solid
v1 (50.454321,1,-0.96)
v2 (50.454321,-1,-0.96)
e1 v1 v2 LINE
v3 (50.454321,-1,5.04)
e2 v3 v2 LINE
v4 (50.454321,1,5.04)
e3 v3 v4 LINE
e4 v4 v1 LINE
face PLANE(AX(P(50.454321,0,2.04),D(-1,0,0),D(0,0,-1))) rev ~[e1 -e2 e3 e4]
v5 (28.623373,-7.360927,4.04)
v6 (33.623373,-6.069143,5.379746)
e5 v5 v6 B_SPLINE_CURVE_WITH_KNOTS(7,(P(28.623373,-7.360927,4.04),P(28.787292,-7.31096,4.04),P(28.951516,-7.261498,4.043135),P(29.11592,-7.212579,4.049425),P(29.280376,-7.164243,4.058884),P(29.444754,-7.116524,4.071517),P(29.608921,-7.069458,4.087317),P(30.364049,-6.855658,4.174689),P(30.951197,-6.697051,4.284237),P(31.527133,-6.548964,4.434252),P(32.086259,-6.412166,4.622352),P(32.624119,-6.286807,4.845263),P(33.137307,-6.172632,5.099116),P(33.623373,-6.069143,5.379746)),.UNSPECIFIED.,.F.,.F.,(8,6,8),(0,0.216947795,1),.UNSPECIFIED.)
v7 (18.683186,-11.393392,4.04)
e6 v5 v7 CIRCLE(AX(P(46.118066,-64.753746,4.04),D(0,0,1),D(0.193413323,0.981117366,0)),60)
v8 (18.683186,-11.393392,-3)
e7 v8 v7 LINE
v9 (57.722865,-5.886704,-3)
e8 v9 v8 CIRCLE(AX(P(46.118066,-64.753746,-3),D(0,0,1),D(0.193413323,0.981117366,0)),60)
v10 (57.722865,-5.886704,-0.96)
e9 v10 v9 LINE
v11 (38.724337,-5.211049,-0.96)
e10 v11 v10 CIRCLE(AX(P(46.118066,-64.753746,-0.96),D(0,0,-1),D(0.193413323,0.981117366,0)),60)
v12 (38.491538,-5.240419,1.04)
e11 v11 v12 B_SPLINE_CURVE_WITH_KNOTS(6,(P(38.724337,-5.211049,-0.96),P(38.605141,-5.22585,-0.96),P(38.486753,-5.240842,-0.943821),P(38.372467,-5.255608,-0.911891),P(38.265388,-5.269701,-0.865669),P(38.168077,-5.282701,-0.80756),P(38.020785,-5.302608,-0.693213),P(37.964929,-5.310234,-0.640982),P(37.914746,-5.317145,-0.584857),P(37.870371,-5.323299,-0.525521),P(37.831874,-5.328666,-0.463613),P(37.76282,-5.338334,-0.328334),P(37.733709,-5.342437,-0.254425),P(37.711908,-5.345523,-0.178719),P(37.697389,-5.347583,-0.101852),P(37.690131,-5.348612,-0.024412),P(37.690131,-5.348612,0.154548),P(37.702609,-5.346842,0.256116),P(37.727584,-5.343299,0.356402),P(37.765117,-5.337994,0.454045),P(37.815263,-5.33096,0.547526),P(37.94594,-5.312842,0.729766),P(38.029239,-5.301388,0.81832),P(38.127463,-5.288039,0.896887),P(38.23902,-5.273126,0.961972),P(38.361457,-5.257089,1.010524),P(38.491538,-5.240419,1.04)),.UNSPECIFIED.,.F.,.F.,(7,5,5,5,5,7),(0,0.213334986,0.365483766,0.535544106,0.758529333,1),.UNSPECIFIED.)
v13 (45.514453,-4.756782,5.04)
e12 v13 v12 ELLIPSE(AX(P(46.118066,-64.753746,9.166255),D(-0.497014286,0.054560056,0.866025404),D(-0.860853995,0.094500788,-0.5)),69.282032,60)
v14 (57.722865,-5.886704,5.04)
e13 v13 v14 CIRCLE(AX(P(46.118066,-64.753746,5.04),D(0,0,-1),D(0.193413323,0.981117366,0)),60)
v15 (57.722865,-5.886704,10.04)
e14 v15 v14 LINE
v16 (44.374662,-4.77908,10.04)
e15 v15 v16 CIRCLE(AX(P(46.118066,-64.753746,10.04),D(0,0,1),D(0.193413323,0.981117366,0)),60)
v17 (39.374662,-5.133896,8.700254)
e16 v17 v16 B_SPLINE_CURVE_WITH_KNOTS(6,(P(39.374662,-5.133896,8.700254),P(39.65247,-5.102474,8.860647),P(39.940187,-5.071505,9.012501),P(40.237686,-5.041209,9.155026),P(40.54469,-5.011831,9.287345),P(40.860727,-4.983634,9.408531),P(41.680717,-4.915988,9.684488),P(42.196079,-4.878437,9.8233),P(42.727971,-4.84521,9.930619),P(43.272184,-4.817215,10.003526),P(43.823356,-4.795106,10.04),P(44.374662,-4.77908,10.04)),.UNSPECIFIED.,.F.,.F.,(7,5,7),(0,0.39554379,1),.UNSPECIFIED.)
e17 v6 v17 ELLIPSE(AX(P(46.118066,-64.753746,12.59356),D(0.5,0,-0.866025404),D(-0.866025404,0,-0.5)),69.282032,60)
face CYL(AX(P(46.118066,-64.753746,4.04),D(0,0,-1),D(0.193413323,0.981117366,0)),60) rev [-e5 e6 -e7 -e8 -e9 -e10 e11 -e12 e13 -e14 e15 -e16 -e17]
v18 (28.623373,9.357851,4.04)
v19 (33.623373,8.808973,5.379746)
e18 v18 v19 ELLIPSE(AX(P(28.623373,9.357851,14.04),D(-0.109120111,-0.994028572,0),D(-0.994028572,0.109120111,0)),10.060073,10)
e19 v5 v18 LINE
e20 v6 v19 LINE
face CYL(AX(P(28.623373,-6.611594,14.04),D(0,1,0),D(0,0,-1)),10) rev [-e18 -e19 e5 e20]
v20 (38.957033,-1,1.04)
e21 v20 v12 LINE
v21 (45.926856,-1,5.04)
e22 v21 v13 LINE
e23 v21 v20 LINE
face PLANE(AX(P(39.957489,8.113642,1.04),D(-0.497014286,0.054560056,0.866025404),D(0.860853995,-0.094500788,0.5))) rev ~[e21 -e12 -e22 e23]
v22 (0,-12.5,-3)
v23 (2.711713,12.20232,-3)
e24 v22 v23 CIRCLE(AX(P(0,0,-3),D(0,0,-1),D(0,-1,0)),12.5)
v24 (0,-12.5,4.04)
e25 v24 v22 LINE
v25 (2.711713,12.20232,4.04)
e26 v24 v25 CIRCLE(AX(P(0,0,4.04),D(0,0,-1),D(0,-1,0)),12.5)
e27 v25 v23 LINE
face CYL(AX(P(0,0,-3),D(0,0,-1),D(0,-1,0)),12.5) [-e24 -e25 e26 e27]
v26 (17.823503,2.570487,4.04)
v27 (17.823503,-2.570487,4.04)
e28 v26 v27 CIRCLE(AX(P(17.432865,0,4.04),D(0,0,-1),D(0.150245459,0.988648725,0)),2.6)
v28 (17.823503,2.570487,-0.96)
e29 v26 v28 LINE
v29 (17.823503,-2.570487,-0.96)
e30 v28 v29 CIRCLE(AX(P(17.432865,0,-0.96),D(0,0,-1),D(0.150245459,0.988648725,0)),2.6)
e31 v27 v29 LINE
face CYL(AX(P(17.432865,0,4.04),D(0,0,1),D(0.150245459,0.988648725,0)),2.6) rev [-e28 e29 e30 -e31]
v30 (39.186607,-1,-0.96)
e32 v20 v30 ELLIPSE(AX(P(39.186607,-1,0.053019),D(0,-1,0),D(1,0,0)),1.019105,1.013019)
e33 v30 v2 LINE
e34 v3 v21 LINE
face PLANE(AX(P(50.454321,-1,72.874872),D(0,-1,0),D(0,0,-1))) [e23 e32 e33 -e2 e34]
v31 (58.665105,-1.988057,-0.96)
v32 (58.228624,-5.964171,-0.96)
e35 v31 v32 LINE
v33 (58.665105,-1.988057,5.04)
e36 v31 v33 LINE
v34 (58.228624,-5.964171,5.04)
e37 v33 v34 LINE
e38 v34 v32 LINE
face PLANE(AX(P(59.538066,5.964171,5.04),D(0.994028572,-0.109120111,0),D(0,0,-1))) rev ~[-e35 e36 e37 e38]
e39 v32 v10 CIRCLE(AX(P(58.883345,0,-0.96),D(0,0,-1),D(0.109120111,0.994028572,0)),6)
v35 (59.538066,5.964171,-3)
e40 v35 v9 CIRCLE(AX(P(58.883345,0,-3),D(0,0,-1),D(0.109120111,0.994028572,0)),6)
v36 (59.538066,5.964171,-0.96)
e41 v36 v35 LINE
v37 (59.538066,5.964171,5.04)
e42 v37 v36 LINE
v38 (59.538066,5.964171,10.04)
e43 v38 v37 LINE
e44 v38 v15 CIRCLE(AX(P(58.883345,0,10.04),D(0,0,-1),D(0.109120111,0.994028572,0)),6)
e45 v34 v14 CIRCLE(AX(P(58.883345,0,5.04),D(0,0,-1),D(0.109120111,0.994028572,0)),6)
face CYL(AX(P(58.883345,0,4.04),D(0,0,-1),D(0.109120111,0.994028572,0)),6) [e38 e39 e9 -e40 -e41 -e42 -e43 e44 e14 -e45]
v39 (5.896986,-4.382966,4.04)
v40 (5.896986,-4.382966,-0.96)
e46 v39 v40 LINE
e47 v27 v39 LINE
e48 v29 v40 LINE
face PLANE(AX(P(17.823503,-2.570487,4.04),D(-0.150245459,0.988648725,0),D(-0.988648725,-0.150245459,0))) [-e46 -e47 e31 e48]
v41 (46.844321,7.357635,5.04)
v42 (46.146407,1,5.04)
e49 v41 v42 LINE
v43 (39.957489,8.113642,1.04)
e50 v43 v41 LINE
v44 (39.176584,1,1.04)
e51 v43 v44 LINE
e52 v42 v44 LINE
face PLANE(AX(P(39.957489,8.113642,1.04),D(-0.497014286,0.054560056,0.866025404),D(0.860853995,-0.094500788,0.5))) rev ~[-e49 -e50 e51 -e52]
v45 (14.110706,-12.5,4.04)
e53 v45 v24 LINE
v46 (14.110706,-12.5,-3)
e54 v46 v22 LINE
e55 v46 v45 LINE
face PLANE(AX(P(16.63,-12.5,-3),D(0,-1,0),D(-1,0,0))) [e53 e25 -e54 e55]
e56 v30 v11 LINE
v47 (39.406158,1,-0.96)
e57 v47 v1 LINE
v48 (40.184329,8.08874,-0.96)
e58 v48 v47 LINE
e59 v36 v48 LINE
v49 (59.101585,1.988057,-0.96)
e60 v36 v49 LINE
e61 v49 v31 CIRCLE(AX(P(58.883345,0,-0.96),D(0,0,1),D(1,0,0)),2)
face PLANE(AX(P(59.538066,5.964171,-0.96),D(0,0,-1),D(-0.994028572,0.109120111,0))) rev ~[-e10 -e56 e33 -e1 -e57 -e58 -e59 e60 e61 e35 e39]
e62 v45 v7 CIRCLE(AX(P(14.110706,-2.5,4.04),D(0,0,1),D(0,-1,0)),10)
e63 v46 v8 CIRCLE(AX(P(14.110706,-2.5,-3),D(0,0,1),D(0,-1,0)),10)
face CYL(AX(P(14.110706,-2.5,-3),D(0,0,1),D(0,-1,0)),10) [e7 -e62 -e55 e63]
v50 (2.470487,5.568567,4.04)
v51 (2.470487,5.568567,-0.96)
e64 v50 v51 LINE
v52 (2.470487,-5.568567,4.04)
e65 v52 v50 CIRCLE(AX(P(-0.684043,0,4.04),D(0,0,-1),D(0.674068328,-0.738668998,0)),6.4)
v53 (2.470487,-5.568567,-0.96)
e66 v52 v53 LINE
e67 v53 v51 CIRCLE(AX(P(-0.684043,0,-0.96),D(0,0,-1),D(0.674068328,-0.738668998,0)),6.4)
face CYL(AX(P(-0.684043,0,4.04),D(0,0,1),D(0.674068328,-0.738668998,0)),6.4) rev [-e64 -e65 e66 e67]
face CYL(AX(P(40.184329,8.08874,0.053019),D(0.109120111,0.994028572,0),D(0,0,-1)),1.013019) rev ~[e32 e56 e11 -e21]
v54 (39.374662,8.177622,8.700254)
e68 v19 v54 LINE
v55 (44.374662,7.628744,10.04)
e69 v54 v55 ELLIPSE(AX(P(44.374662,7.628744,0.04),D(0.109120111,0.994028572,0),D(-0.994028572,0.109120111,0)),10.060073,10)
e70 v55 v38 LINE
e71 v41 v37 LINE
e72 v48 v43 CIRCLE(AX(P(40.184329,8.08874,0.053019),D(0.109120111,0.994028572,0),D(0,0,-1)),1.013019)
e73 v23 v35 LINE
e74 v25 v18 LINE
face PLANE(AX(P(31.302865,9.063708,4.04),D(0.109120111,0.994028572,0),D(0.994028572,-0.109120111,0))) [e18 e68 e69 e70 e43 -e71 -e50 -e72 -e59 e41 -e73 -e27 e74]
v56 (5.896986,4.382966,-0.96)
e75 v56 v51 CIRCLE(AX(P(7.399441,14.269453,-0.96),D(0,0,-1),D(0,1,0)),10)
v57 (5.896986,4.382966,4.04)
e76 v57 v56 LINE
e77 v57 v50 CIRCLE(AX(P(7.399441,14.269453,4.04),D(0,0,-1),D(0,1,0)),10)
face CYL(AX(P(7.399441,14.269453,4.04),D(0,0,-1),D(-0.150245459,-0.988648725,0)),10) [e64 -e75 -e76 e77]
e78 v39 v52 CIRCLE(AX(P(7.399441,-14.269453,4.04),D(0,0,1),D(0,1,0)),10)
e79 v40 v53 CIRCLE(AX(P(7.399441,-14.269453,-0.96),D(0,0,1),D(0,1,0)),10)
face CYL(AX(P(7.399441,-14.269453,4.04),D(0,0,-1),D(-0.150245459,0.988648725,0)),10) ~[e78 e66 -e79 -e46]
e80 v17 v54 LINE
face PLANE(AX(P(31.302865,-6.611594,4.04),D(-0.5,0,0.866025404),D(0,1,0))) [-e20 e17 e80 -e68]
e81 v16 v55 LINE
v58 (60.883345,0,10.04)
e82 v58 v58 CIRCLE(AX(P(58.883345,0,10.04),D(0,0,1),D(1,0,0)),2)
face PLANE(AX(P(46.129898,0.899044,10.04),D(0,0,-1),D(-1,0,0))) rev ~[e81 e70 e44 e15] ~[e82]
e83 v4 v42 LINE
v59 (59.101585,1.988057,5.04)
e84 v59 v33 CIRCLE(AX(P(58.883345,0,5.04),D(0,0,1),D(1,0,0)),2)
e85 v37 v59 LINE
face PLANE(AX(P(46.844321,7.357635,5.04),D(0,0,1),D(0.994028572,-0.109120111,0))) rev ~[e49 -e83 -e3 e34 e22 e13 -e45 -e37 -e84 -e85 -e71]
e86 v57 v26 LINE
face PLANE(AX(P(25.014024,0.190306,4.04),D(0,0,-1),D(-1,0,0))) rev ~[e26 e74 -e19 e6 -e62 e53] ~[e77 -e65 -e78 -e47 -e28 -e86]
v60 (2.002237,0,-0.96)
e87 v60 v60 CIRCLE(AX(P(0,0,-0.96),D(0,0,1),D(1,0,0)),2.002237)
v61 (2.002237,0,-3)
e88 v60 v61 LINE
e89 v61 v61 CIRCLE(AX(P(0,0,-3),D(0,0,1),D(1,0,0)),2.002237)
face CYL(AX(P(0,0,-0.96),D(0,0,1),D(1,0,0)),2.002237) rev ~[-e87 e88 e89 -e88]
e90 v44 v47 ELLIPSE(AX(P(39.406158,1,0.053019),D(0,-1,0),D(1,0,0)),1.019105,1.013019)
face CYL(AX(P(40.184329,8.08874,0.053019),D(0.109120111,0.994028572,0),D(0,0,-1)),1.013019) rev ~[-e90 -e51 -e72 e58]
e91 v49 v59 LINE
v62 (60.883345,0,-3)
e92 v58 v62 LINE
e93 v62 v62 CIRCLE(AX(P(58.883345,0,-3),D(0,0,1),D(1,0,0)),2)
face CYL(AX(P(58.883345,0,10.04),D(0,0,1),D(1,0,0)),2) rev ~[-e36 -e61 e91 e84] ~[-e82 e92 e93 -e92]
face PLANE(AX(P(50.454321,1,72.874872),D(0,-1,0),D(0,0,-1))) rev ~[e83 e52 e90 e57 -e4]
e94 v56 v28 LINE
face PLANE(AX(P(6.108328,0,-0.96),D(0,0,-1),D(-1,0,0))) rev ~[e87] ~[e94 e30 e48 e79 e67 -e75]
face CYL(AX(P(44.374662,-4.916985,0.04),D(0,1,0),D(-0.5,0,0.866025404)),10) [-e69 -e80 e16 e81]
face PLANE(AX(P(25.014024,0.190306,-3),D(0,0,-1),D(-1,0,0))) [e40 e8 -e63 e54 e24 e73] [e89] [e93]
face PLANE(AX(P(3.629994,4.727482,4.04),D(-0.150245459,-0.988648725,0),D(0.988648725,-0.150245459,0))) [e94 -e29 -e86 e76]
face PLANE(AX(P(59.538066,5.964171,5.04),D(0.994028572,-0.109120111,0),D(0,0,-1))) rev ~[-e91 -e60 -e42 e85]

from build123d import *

# Parameters (mm, degrees)
EXTRUDE_1_DEPTH     = 4.04
EXTRUDE_START       = 3
EXTRUDE_2_DEPTH     = 3
EXTRUDE_3_DEPTH     = 6
CUT_EXTRUDE_1_DEPTH = 69.95015268178993
CUT_EXTRUDE_2_DEPTH = 5
DRAFT_1_ANGLE       = 60.000000000000234
CUT_EXTRUDE_3_REACH = 69.351
SKETCH_6_R          = 2.000000000000003
SKETCH_7_R          = 2.002237129098131
CUT_EXTRUDE_4_DEPTH = 5
RIB_1_REACH         = 68.835
SKETCH_8_WALL_W     = 141.6697430182401
SKETCH_8_WALL_H     = 2
FILLET_1_R          = 10
FILLET_2_R          = 10


with BuildPart() as part:
    # 草图1 → 凸台-拉伸1 (new body)
    with BuildSketch(Plane.XY):
        with BuildLine():
            Line((2.711712708194342, 12.202320033019019), (59.53806556534447, 5.964171430093859))
            ThreePointArc((59.53806556534447, 5.964171430093859), (64.81417632321985, -0.9084264437888516), (57.72286495852592, -5.886704197633859))
            ThreePointArc((57.72286495852592, -5.886704197633859), (36.58461274967972, -5.515977162880489), (16.63, -12.5))
            Line((16.63, -12.5), (0, -12.5))
            ThreePointArc((0, -12.5), (-12.425357146028794, 1.364001390626533), (2.711712708194342, 12.202320033019019))
        make_face()
    extrude(amount=EXTRUDE_1_DEPTH)

    # 草图2 → 凸台-拉伸2 (add)
    with BuildSketch(Plane(origin=(0, 0, 0), x_dir=(-1, 0, 0), z_dir=(0, 0, -1)).offset(EXTRUDE_START)):
        with BuildLine():
            Line((-16.629999999999995, -12.500000000000004), (2.3e-15, -12.5))
            ThreePointArc((2.3e-15, -12.5), (12.425357146028796, 1.3640013906265342), (-2.711712708194334, 12.202320033019022))
            Line((-2.711712708194334, 12.202320033019022), (-59.53806556534447, 5.964171430093854))
            ThreePointArc((-59.53806556534447, 5.964171430093854), (-64.81417632321985, -0.9084264437888536), (-57.72286495852591, -5.886704197633859))
            ThreePointArc((-57.72286495852591, -5.886704197633859), (-36.584612749679714, -5.515977162880482), (-16.629999999999995, -12.500000000000004))
        make_face()
    extrude(amount=-EXTRUDE_2_DEPTH)

    # 草图3 → 凸台-拉伸3 (add)
    with BuildSketch(Plane.XY.offset(4.04)):
        with BuildLine():
            Line((31.302864958525912, 9.063708323856956), (59.53806556534447, 5.964171430093859))
            ThreePointArc((59.53806556534447, 5.964171430093859), (64.81417632321985, -0.9084264437888548), (57.72286495852591, -5.886704197633853))
            ThreePointArc((57.72286495852591, -5.886704197633853), (44.47245462008017, -4.776317380993831), (31.302864958525912, -6.611594244587196))
            Line((31.302864958525912, -6.611594244587196), (31.302864958525912, 9.063708323856956))
        make_face()
    extrude(amount=EXTRUDE_3_DEPTH)

    # 草图4 → 切除-拉伸1 (cut, through all)
    with BuildSketch(Plane(origin=(1.3558563540964497, 12.351160016509516, 0), x_dir=(0.9940285716823101, -0.10912011125006546, 0), z_dir=(0.10912011125006545, 0.99402857168231, 0))):
        with BuildLine():
            Line((45.761727224680776, -5.039999999999999), (58.53172722468078, -5.04))
            Line((58.53172722468078, -5.04), (58.53172722468078, 0.96))
            Line((58.53172722468078, 0.96), (39.06172722468078, 0.9599999999999976))
            ThreePointArc((39.06172722468078, 0.9599999999999976), (38.05523868595962, 0.06182278930871615), (38.83352399440517, -1.040000000000001))
            Line((38.83352399440517, -1.040000000000001), (45.761727224680776, -5.039999999999999))
        make_face()
    extrude(amount=-CUT_EXTRUDE_1_DEPTH, mode=Mode.SUBTRACT)

    # 草图5 → 切除-拉伸2 (cut)
    with BuildSketch(Plane.XY.offset(4.04)):
        with BuildLine():
            Line((3.6299942497491204, 4.727481587079438), (17.823503151893238, 2.570486685801488))
            ThreePointArc((17.823503151893238, 2.570486685801488), (20.032864958525913, 0), (17.823503151893238, -2.5704866858014865))
            Line((17.823503151893238, -2.5704866858014865), (3.62999424974912, -4.72748158707944))
            ThreePointArc((3.62999424974912, -4.72748158707944), (-7.084043052340996, 7.8e-16), (3.6299942497491204, 4.727481587079438))
        make_face()
    extrude(amount=-CUT_EXTRUDE_2_DEPTH, mode=Mode.SUBTRACT)

    # 拔模1
    draft_1_faces = [part.faces().sort_by_distance(p)[0] for p in [
        (31.302864958525912, 1.226057039634884, 7.04),
    ]]
    draft(draft_1_faces, Plane(origin=(58.88334489784406, 0, 4.04), x_dir=(1, 0, 0), z_dir=(0, 0, 1)), DRAFT_1_ANGLE)

    # 切除-拉伸3: up to this face of the body (flat: up to its plane)
    cut_extrude_3_end = Plane(part.part.faces().sort_by_distance((20.783576678, 0.227997431, -3))[0])
    # 草图6 → 切除-拉伸3 (cut, up to the picked face)
    with BuildSketch(Plane.XY.offset(10.040000000000001), mode=Mode.PRIVATE) as cut_extrude_3_sk1:
        with Locations((58.88334489784406, 0)):
            Circle(SKETCH_6_R)
    cut_extrude_3_tool1 = split(extrude(cut_extrude_3_sk1.sketch, amount=-CUT_EXTRUDE_3_REACH, mode=Mode.PRIVATE), bisect_by=cut_extrude_3_end, keep=Keep.BOTH, mode=Mode.PRIVATE)
    add(cut_extrude_3_tool1.solids().sort_by(Axis((58.883345, 0, 10.04), (0, 0, -1)))[0], mode=Mode.SUBTRACT)

    # 草图7 → 切除-拉伸4 (cut)
    with BuildSketch(Plane.XY.offset(-0.96)):
        Circle(SKETCH_7_R)
    extrude(amount=-CUT_EXTRUDE_4_DEPTH, mode=Mode.SUBTRACT)

    # 草图8 wall → 筋1 (add, up to next)
    with BuildSketch(Plane(origin=(50.454320705, 0, 2.04), x_dir=(0, 0, -1), z_dir=(-1, 0, 0)), mode=Mode.PRIVATE) as rib_1_sk1:
        Rectangle(SKETCH_8_WALL_W, SKETCH_8_WALL_H)
    rib_1_tool1 = extrude(rib_1_sk1.sketch, amount=RIB_1_REACH, mode=Mode.PRIVATE) - part.part
    add(rib_1_tool1.solids().sort_by_distance((50.454320705, 0, 2.04))[0])

    # 圆角1
    fillet_1_edges = [part.edges().sort_by_distance(p)[0] for p in [
        (16.629999999999992, -12.5, 0.52),
    ]]
    fillet(fillet_1_edges, radius=FILLET_1_R)

    # 圆角2
    fillet_2_edges = [part.edges().sort_by_distance(p)[0] for p in [
        (31.302864958525912, 1.2260570396348758, 4.04),
        (41.69516980393928, 1.5029507858131876, 10.04),
        (3.629994249749121, 4.727481587079438, 1.54),
        (3.62999424974912, -4.72748158707944, 1.54),
    ]]
    fillet(fillet_2_edges, radius=FILLET_2_R)


solid = part.part
